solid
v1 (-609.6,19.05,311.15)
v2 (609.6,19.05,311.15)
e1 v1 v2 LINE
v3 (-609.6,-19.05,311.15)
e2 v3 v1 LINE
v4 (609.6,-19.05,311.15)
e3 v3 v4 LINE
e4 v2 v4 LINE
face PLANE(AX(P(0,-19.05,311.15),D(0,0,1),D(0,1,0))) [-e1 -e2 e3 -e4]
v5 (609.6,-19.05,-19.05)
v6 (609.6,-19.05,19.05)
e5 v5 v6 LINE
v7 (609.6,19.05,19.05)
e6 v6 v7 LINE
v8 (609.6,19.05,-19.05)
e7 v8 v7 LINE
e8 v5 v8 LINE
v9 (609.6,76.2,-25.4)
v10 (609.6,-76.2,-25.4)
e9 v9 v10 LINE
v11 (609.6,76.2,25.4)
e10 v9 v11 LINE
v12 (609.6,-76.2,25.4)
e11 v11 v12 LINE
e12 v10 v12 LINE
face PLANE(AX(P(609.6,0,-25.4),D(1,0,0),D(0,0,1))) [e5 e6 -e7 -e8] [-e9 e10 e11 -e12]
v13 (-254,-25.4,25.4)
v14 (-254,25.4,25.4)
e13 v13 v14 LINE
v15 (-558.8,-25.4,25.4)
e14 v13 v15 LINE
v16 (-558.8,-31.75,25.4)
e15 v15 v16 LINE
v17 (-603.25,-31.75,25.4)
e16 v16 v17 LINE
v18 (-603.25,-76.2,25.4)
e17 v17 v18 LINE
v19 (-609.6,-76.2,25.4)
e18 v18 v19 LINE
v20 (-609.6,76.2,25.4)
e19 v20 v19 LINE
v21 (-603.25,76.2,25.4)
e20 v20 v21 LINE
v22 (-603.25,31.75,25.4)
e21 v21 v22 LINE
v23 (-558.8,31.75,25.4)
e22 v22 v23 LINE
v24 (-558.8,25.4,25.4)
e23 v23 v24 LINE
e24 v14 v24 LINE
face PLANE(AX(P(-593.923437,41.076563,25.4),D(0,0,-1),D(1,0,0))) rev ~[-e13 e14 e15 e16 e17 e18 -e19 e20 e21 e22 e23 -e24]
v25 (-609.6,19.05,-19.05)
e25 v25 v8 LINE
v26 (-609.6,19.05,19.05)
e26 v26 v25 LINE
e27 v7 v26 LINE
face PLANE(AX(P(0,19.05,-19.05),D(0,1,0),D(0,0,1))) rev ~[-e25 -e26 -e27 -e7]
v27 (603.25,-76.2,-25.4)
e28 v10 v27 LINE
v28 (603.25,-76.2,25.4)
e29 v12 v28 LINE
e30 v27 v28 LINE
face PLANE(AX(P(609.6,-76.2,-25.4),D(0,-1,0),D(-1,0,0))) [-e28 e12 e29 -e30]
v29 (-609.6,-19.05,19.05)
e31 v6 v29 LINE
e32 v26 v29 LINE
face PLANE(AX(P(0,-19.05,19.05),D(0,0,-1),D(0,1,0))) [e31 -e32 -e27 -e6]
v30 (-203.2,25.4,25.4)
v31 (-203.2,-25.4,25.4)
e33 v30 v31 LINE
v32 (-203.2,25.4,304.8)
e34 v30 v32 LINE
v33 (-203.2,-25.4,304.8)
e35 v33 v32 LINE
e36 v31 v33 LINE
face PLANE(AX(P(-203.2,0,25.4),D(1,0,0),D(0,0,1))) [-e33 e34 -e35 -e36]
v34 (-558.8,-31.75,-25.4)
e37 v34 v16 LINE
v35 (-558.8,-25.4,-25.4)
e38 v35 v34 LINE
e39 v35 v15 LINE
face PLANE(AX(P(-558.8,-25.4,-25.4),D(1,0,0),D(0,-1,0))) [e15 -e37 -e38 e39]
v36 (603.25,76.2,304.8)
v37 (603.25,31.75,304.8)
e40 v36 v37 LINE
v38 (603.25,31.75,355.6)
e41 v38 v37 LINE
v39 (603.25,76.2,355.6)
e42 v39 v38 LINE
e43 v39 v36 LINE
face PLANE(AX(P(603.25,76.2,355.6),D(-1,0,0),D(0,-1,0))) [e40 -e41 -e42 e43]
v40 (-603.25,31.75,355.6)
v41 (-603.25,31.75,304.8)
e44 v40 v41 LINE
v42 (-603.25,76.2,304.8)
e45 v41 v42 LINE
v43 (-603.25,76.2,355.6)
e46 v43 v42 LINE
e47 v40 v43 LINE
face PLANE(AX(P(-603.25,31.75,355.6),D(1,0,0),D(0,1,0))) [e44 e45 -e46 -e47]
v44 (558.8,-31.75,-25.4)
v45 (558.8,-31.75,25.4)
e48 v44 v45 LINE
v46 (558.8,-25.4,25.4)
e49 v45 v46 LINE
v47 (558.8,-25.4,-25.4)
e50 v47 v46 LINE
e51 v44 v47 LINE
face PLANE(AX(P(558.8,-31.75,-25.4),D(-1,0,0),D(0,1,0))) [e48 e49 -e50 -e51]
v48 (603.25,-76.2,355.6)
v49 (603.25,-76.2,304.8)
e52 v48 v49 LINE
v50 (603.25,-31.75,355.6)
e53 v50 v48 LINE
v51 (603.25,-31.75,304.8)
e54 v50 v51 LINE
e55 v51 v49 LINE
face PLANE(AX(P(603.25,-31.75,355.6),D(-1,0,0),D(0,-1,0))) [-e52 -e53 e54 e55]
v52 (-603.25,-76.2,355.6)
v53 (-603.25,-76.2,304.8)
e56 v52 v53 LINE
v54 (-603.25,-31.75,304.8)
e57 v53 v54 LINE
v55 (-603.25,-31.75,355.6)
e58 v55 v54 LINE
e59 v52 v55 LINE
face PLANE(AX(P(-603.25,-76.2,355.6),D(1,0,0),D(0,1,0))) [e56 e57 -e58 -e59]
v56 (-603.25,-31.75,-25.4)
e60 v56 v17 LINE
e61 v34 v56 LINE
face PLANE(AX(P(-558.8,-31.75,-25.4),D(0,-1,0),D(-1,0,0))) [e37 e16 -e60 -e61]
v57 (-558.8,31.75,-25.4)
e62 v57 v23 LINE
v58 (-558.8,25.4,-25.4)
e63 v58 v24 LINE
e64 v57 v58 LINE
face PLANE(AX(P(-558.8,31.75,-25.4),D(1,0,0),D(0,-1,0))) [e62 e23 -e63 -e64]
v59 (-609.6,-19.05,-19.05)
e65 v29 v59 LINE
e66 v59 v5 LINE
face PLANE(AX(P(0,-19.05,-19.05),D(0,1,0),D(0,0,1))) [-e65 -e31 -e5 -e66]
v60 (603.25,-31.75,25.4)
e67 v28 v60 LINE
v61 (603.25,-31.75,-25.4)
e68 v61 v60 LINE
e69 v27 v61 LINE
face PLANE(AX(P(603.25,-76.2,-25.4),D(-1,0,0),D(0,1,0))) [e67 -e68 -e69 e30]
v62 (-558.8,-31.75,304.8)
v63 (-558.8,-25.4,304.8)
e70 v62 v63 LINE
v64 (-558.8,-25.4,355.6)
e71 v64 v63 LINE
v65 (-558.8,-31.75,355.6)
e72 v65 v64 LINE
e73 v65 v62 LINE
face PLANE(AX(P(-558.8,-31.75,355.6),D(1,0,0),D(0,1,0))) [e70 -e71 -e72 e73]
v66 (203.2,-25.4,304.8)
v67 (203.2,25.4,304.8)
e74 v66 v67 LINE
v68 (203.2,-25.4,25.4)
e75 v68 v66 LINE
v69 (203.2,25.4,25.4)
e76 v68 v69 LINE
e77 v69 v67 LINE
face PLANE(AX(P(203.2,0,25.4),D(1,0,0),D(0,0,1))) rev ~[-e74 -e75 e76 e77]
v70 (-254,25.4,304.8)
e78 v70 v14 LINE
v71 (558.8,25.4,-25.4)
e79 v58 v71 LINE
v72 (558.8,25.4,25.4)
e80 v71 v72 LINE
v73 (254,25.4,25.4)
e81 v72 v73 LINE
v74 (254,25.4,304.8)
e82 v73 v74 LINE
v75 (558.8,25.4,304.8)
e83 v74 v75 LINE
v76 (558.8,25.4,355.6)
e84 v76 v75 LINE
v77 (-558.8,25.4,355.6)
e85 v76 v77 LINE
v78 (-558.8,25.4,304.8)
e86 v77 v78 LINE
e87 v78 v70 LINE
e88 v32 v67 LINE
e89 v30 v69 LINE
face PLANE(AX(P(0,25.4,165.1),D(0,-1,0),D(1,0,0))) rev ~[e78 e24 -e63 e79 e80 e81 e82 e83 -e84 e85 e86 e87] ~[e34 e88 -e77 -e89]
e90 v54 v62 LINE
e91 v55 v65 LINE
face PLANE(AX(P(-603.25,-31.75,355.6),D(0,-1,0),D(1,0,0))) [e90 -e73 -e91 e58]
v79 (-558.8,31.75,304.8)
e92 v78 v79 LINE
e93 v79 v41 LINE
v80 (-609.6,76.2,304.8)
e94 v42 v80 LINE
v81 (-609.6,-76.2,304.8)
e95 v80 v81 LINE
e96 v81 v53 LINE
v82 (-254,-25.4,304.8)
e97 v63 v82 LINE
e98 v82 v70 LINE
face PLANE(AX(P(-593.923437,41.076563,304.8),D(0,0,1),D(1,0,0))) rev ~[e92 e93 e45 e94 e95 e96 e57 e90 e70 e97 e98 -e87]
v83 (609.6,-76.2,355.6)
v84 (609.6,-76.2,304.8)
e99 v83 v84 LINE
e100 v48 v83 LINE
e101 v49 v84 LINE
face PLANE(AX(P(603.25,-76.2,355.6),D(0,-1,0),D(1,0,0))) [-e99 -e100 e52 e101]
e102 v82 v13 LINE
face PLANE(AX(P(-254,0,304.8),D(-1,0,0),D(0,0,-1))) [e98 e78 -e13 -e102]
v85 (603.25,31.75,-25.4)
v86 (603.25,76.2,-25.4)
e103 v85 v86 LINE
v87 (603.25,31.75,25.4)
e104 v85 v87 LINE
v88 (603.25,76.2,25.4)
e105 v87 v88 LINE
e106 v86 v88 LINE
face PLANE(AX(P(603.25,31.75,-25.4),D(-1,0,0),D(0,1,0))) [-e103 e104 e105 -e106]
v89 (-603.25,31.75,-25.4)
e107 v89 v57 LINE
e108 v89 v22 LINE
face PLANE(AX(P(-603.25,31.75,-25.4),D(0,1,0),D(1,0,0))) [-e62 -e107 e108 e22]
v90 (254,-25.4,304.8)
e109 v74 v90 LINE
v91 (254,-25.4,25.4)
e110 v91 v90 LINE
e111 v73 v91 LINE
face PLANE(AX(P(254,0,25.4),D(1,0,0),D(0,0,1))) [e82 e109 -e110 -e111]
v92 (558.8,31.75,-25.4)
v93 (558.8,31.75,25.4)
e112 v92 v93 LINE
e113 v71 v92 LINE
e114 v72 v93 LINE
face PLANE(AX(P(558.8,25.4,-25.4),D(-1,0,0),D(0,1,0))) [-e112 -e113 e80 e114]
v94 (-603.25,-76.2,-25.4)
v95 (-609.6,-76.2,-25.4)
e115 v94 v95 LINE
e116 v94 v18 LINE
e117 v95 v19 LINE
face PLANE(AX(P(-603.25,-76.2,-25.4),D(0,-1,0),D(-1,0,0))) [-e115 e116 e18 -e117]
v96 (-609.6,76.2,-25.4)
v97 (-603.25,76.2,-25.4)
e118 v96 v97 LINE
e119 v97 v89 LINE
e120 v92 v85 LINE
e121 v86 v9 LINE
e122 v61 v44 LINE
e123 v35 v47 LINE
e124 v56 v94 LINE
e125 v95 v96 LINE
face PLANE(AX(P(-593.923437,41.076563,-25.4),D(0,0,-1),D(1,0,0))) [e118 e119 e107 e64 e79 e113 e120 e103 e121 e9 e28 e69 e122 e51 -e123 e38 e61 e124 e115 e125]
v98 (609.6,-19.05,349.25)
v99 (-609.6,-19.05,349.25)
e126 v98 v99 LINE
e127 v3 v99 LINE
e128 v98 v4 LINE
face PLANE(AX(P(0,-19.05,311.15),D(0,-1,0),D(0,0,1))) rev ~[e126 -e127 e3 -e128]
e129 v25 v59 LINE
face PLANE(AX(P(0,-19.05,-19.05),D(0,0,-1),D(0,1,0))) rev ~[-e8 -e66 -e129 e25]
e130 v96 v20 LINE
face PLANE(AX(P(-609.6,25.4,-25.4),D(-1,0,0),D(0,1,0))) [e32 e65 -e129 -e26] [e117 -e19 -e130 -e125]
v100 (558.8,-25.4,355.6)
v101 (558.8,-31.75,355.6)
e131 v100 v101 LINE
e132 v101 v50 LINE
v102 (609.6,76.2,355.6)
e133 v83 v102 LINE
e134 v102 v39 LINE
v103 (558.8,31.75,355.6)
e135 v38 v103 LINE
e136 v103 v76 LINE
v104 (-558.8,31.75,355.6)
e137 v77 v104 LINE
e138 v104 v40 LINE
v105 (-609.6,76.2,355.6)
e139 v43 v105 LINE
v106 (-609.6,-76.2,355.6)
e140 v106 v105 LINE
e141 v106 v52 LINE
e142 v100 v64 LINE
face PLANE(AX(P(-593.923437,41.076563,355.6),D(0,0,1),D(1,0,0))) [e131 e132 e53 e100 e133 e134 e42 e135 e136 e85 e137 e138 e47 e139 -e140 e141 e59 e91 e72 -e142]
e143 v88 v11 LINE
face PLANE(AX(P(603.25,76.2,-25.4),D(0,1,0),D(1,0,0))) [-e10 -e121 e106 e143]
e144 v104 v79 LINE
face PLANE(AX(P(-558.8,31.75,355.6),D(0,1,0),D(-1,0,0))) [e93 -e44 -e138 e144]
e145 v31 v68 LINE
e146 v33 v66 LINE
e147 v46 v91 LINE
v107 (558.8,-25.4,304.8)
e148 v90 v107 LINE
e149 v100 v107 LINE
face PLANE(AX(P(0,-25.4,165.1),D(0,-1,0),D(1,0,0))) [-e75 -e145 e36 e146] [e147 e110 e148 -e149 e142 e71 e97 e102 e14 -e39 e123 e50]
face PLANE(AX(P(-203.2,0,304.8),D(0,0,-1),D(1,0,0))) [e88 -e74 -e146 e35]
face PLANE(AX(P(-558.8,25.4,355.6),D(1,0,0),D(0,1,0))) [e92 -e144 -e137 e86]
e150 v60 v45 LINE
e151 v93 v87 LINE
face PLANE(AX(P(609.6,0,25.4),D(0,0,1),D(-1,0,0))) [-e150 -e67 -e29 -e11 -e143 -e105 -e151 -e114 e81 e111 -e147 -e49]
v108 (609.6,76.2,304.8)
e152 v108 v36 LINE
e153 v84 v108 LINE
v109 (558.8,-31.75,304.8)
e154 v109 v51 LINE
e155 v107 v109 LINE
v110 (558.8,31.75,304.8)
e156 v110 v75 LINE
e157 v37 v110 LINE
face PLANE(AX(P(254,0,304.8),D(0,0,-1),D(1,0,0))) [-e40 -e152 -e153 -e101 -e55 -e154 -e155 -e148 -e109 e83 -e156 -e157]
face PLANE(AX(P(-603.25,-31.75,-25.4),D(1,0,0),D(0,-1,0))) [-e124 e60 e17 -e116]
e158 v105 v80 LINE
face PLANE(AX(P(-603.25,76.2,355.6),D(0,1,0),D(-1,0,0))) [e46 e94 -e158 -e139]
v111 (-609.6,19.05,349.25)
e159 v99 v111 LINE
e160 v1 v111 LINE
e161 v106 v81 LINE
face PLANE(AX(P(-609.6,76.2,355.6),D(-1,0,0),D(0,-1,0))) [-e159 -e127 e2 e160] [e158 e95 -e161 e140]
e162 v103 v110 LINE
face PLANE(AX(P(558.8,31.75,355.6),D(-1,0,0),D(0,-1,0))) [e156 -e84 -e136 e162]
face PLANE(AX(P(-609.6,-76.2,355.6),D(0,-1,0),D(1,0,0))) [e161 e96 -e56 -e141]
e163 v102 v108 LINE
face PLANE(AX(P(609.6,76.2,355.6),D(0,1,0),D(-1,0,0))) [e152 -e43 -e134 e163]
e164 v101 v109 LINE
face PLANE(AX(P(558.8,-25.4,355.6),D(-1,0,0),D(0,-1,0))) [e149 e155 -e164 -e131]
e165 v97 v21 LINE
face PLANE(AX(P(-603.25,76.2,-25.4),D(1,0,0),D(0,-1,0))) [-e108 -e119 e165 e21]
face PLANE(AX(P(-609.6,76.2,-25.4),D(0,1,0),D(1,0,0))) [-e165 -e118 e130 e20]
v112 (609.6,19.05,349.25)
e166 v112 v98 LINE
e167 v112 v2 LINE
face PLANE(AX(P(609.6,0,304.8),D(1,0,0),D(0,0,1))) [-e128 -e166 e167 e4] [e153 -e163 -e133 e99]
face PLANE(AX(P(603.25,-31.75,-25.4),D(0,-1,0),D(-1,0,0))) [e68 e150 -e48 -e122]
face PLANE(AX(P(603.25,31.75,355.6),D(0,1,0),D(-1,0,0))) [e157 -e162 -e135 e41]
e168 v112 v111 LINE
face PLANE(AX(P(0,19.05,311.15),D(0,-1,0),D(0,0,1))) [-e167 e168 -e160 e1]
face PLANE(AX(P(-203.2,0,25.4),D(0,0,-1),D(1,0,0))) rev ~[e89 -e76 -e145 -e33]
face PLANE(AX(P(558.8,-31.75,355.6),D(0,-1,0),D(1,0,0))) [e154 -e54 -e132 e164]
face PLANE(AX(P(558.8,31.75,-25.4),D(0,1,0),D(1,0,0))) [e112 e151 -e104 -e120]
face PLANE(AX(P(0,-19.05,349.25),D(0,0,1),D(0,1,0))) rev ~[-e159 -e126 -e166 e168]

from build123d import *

# Parameters (mm, degrees)
F0_W     = 406.4
F0_H     = 279.4
F1_DEPTH = 25.4
F3_DEPTH = 50.8
F5_DEPTH = 50.8
F6_W     = 38.1
F6_H     = 38.1
F7_DEPTH = 1270


with BuildPart() as f1:
    # F0 (on Front) → F1 (new body, symmetric)
    with BuildSketch(Plane.XZ):
        Polygon((-254, 25.4), (-609.6, 25.4), (-609.6, -25.4), (609.6, -25.4), (609.6, 25.4), (254, 25.4), (254, 304.8), (609.6, 304.8), (609.6, 355.6), (-609.6, 355.6), (-609.6, 304.8), (-254, 304.8), align=None)
        with Locations((0, 165.1)):
            Rectangle(F0_W, F0_H, mode=Mode.SUBTRACT)
    extrude(amount=F1_DEPTH, both=True)

    # F2 (on face) → F3 (join)
    with BuildSketch(Plane.XY.offset(355.6)):
        Polygon((-609.6, 76.2), (-609.6, 25.4), (-603.25, 25.4), (-558.8, 25.4), (-558.8, 31.75), (-603.25, 31.75), (-603.25, 76.2), align=None)
        Polygon((-609.6, -25.4), (-609.6, -76.2), (-603.25, -76.2), (-603.25, -31.75), (-558.8, -31.75), (-558.8, -25.4), (-603.25, -25.4), align=None)
        Polygon((603.25, -25.4), (558.8, -25.4), (558.8, -31.75), (603.25, -31.75), (603.25, -76.2), (609.6, -76.2), (609.6, -25.4), align=None)
        Polygon((603.25, 25.4), (609.6, 25.4), (609.6, 76.2), (603.25, 76.2), (603.25, 31.75), (558.8, 31.75), (558.8, 25.4), align=None)
    extrude(amount=-F3_DEPTH)

    # F4 (on face) → F5 (join)
    with BuildSketch(Plane(origin=(0, 0, -25.4), x_dir=(1, 0, 0), z_dir=(0, 0, -1))):
        Polygon((-603.25, -76.2), (-603.25, -31.75), (-558.8, -31.75), (-558.8, -25.4), (-603.25, -25.4), (-609.6, -25.4), (-609.6, -76.2), align=None)
        Polygon((-558.8, 31.75), (-603.25, 31.75), (-603.25, 76.2), (-609.6, 76.2), (-609.6, 25.4), (-603.25, 25.4), (-558.8, 25.4), align=None)
        Polygon((558.8, 25.4), (603.25, 25.4), (609.6, 25.4), (609.6, 76.2), (603.25, 76.2), (603.25, 31.75), (558.8, 31.75), align=None)
        Polygon((558.8, -31.75), (603.25, -31.75), (603.25, -76.2), (609.6, -76.2), (609.6, -25.4), (603.25, -25.4), (558.8, -25.4), align=None)
    extrude(amount=-F5_DEPTH)

    # F6 (on Right) → F7 (cut, symmetric)
    with BuildSketch(Plane.YZ):
        with Locations((0, 330.2)):
            Rectangle(F6_W, F6_H)
        Rectangle(F6_W, F6_H)
    extrude(amount=F7_DEPTH, both=True, mode=Mode.SUBTRACT)


solid = f1.part
